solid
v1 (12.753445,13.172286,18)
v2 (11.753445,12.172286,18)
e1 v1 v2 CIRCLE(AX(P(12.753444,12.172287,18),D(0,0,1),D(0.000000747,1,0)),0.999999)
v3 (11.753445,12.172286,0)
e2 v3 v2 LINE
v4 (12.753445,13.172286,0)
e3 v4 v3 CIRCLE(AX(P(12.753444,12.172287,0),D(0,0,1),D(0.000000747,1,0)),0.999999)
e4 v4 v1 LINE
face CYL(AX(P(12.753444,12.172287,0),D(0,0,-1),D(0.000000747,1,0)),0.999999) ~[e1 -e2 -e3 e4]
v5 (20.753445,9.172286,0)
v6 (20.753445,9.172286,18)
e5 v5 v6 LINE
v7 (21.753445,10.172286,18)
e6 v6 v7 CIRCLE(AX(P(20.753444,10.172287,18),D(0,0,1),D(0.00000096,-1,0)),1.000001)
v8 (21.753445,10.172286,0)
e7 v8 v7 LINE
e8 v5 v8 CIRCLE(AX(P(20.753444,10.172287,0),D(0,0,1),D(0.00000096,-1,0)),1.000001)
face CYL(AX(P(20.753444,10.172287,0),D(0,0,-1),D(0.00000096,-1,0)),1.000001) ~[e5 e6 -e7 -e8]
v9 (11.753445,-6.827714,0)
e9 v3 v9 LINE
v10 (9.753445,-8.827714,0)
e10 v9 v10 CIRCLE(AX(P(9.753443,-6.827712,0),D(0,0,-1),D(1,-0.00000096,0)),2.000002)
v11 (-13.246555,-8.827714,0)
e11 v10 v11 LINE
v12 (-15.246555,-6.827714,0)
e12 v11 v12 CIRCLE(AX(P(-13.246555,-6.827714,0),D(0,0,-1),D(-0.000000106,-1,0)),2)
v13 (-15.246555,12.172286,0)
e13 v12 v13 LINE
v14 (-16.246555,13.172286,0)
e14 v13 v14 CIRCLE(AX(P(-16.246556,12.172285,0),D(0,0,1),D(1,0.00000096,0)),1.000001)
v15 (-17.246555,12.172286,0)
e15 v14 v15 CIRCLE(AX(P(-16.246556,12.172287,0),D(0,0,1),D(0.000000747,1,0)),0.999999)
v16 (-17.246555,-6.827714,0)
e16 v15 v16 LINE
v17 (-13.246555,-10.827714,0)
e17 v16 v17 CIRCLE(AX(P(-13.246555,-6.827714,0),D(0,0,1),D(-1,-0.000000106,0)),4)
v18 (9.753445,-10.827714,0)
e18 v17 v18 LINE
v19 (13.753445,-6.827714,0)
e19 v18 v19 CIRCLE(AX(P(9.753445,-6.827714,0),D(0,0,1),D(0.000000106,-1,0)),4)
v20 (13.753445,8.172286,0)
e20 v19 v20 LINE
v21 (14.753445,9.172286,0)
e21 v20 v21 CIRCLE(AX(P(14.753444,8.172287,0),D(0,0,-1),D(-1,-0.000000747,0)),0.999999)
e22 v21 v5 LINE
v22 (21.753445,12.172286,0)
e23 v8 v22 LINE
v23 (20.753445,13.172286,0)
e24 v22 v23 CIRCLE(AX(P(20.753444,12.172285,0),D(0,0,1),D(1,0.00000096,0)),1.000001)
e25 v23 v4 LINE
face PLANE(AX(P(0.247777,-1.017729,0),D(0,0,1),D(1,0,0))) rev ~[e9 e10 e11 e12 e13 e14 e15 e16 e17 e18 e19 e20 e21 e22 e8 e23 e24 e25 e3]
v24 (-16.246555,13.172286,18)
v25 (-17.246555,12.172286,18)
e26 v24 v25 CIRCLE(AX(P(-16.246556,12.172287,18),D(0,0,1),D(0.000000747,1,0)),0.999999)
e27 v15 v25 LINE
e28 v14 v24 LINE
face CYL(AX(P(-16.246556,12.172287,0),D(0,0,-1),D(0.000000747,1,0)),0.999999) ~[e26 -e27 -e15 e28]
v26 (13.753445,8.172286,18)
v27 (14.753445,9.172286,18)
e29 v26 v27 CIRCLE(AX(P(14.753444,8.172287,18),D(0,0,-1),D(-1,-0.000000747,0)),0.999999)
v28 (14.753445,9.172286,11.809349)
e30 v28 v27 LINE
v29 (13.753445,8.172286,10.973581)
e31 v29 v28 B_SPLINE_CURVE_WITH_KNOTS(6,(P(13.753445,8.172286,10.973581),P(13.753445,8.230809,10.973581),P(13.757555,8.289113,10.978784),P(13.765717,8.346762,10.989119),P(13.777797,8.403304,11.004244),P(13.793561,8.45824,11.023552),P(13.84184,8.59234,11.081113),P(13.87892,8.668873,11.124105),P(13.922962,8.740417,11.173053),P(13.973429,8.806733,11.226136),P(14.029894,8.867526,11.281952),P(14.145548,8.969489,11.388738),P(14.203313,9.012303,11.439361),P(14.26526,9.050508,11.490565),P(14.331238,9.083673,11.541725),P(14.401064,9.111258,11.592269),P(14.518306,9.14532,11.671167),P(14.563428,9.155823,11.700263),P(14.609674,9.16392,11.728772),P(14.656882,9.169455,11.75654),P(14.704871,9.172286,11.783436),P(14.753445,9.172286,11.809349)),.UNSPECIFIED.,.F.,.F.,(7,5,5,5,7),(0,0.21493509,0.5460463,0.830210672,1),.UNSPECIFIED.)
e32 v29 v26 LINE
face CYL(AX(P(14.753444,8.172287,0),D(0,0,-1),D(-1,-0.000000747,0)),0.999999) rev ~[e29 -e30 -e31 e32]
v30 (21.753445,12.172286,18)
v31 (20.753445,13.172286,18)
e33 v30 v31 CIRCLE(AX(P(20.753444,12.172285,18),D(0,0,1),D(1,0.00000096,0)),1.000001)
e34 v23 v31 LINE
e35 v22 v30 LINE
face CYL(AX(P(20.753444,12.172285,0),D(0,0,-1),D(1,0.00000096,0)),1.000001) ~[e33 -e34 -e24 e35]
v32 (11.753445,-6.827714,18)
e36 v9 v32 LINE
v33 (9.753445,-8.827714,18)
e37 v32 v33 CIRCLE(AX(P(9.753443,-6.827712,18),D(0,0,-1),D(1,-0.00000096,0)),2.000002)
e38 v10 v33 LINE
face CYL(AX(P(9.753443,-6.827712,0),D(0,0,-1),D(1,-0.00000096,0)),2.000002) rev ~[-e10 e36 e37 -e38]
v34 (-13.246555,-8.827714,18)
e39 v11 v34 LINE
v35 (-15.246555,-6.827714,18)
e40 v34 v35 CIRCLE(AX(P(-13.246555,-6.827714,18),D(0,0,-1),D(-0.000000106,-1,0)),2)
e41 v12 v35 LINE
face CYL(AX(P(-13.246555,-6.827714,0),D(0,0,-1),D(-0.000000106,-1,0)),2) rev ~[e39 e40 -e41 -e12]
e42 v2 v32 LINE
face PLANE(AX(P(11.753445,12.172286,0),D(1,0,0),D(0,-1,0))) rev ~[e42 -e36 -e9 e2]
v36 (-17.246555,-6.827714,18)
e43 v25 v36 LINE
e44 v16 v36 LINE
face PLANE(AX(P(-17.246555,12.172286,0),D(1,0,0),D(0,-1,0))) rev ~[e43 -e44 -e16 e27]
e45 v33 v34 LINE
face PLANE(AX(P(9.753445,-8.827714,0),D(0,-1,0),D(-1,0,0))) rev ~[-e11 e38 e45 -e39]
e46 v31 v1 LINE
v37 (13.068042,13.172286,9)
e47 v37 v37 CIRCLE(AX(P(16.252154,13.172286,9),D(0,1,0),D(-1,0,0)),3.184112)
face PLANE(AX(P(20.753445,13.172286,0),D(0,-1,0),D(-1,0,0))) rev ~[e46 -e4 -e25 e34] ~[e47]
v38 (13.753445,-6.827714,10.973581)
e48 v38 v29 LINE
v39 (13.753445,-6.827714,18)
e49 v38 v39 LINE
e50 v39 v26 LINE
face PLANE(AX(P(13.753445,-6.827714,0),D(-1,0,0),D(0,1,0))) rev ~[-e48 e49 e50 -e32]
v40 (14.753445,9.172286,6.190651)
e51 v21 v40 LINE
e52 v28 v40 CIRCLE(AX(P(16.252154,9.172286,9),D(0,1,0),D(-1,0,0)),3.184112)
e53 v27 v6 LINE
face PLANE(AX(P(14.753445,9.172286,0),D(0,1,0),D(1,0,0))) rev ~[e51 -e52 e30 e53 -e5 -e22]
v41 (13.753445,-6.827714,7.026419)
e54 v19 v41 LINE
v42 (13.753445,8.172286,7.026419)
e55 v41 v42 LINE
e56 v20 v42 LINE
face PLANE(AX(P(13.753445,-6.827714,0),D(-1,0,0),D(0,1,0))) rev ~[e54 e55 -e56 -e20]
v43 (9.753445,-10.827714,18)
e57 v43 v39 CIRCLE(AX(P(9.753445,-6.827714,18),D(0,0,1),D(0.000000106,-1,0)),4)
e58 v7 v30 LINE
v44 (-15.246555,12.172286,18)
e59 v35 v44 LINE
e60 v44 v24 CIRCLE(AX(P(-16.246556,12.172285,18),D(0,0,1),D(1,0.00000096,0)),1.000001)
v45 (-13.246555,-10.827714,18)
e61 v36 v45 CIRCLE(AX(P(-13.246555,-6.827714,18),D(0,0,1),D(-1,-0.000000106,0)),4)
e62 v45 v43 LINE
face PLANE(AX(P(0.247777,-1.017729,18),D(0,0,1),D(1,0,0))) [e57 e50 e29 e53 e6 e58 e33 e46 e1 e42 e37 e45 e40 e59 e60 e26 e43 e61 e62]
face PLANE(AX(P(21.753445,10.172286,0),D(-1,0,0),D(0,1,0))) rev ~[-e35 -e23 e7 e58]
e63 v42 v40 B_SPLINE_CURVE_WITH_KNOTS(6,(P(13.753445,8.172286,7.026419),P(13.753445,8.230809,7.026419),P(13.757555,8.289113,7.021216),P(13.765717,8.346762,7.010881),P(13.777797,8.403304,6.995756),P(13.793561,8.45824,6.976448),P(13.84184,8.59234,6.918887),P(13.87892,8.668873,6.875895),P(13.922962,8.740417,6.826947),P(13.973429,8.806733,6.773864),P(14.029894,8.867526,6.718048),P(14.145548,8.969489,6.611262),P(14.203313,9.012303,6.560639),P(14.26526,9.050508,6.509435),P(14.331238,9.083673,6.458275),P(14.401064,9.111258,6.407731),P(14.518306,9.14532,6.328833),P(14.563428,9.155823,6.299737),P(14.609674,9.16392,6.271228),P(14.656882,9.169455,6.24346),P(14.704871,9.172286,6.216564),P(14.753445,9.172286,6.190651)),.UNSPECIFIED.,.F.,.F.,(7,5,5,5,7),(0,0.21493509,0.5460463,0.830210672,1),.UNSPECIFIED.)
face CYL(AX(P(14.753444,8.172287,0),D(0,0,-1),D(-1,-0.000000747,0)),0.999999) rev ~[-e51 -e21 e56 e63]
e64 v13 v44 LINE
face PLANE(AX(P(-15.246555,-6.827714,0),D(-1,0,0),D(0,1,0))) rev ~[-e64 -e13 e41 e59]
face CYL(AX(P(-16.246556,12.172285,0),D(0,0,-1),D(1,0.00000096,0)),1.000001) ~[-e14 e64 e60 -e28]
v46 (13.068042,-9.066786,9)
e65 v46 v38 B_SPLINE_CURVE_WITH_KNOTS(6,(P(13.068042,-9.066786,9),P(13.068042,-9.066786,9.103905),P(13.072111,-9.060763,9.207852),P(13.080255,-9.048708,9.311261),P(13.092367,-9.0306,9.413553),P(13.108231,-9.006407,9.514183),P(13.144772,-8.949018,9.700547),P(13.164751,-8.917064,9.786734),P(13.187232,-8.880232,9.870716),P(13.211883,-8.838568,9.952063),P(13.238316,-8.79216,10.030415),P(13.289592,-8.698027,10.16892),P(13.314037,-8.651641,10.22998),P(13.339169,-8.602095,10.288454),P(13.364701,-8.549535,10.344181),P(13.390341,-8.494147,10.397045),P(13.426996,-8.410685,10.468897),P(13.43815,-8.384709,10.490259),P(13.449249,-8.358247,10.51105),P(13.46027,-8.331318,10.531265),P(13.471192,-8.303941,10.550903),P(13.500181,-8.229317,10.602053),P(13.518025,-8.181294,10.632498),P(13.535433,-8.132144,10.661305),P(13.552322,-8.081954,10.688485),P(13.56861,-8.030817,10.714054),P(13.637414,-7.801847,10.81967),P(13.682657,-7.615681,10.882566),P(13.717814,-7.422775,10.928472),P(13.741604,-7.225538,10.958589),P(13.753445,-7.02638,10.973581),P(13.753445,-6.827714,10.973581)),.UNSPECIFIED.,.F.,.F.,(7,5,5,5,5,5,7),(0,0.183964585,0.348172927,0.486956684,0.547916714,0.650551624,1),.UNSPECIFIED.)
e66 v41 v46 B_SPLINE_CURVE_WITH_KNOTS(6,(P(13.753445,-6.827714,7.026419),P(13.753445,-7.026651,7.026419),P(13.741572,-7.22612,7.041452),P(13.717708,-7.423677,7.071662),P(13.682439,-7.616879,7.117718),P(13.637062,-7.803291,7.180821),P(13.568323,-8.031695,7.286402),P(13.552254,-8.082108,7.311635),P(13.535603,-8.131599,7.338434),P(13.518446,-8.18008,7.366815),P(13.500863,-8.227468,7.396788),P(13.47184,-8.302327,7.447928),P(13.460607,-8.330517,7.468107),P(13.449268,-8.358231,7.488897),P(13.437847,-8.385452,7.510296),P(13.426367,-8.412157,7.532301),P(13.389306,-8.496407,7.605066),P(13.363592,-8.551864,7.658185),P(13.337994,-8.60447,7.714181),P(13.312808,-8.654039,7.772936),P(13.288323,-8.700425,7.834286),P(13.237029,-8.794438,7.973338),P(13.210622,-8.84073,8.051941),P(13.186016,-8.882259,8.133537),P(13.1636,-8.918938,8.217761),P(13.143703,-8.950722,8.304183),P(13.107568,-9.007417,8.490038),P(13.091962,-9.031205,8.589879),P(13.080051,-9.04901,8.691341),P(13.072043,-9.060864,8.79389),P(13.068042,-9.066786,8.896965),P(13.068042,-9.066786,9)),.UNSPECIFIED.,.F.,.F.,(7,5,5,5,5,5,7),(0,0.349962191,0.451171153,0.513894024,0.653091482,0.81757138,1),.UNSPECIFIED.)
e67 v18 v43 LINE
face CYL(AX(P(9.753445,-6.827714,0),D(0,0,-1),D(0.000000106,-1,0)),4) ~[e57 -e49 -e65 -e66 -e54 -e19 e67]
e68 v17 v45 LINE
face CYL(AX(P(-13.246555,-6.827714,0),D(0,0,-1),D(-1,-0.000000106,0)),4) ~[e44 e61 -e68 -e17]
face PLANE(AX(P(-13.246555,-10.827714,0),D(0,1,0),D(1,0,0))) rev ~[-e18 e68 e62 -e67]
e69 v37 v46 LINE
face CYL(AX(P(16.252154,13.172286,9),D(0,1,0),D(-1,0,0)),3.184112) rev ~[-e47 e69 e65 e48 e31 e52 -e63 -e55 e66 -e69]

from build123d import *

# Parameters (mm, degrees)
F1_DEPTH = 18
F2_R     = 3.184112
F3_DEPTH = 25


with BuildPart() as f1:
    # F0 (on Top) → F1 (new body)
    with BuildSketch(Plane.XY):
        with BuildLine():
            Line((-15.246555, -6.827714), (-15.246555, 12.172286))
            ThreePointArc((-15.246555, 12.172286), (-15.539449, 12.879393), (-16.246555, 13.172286))
            ThreePointArc((-16.246555, 13.172286), (-16.953662, 12.879393), (-17.246555, 12.172286))
            Line((-17.246555, 12.172286), (-17.246555, -6.827714))
            ThreePointArc((-17.246555, -6.827714), (-16.074982, -9.656141), (-13.246555, -10.827714))
            Line((-13.246555, -10.827714), (9.753445, -10.827714))
            ThreePointArc((9.753445, -10.827714), (12.581872, -9.656141), (13.753445, -6.827714))
            Line((13.753445, -6.827714), (13.753445, 8.172286))
            ThreePointArc((13.753445, 8.172286), (14.046338, 8.879393), (14.753445, 9.172286))
            Line((14.753445, 9.172286), (20.753445, 9.172286))
            ThreePointArc((20.753445, 9.172286), (21.460551, 9.465179), (21.753445, 10.172286))
            Line((21.753445, 10.172286), (21.753445, 12.172286))
            ThreePointArc((21.753445, 12.172286), (21.460551, 12.879393), (20.753445, 13.172286))
            Line((20.753445, 13.172286), (12.753445, 13.172286))
            ThreePointArc((12.753445, 13.172286), (12.046338, 12.879393), (11.753445, 12.172286))
            Line((11.753445, 12.172286), (11.753445, -6.827714))
            ThreePointArc((11.753445, -6.827714), (11.167658, -8.241927), (9.753445, -8.827714))
            Line((9.753445, -8.827714), (-13.246555, -8.827714))
            ThreePointArc((-13.246555, -8.827714), (-14.660769, -8.241927), (-15.246555, -6.827714))
        make_face()
    extrude(amount=F1_DEPTH)

    # F2 (on face) → F3 (cut)
    with BuildSketch(Plane(origin=(0, 13.172286, 0), x_dir=(-1, 0, 0), z_dir=(0, 1, 0))):
        with Locations((-16.252154, 9)):
            Circle(F2_R)
    extrude(amount=-F3_DEPTH, mode=Mode.SUBTRACT)


solid = f1.part
